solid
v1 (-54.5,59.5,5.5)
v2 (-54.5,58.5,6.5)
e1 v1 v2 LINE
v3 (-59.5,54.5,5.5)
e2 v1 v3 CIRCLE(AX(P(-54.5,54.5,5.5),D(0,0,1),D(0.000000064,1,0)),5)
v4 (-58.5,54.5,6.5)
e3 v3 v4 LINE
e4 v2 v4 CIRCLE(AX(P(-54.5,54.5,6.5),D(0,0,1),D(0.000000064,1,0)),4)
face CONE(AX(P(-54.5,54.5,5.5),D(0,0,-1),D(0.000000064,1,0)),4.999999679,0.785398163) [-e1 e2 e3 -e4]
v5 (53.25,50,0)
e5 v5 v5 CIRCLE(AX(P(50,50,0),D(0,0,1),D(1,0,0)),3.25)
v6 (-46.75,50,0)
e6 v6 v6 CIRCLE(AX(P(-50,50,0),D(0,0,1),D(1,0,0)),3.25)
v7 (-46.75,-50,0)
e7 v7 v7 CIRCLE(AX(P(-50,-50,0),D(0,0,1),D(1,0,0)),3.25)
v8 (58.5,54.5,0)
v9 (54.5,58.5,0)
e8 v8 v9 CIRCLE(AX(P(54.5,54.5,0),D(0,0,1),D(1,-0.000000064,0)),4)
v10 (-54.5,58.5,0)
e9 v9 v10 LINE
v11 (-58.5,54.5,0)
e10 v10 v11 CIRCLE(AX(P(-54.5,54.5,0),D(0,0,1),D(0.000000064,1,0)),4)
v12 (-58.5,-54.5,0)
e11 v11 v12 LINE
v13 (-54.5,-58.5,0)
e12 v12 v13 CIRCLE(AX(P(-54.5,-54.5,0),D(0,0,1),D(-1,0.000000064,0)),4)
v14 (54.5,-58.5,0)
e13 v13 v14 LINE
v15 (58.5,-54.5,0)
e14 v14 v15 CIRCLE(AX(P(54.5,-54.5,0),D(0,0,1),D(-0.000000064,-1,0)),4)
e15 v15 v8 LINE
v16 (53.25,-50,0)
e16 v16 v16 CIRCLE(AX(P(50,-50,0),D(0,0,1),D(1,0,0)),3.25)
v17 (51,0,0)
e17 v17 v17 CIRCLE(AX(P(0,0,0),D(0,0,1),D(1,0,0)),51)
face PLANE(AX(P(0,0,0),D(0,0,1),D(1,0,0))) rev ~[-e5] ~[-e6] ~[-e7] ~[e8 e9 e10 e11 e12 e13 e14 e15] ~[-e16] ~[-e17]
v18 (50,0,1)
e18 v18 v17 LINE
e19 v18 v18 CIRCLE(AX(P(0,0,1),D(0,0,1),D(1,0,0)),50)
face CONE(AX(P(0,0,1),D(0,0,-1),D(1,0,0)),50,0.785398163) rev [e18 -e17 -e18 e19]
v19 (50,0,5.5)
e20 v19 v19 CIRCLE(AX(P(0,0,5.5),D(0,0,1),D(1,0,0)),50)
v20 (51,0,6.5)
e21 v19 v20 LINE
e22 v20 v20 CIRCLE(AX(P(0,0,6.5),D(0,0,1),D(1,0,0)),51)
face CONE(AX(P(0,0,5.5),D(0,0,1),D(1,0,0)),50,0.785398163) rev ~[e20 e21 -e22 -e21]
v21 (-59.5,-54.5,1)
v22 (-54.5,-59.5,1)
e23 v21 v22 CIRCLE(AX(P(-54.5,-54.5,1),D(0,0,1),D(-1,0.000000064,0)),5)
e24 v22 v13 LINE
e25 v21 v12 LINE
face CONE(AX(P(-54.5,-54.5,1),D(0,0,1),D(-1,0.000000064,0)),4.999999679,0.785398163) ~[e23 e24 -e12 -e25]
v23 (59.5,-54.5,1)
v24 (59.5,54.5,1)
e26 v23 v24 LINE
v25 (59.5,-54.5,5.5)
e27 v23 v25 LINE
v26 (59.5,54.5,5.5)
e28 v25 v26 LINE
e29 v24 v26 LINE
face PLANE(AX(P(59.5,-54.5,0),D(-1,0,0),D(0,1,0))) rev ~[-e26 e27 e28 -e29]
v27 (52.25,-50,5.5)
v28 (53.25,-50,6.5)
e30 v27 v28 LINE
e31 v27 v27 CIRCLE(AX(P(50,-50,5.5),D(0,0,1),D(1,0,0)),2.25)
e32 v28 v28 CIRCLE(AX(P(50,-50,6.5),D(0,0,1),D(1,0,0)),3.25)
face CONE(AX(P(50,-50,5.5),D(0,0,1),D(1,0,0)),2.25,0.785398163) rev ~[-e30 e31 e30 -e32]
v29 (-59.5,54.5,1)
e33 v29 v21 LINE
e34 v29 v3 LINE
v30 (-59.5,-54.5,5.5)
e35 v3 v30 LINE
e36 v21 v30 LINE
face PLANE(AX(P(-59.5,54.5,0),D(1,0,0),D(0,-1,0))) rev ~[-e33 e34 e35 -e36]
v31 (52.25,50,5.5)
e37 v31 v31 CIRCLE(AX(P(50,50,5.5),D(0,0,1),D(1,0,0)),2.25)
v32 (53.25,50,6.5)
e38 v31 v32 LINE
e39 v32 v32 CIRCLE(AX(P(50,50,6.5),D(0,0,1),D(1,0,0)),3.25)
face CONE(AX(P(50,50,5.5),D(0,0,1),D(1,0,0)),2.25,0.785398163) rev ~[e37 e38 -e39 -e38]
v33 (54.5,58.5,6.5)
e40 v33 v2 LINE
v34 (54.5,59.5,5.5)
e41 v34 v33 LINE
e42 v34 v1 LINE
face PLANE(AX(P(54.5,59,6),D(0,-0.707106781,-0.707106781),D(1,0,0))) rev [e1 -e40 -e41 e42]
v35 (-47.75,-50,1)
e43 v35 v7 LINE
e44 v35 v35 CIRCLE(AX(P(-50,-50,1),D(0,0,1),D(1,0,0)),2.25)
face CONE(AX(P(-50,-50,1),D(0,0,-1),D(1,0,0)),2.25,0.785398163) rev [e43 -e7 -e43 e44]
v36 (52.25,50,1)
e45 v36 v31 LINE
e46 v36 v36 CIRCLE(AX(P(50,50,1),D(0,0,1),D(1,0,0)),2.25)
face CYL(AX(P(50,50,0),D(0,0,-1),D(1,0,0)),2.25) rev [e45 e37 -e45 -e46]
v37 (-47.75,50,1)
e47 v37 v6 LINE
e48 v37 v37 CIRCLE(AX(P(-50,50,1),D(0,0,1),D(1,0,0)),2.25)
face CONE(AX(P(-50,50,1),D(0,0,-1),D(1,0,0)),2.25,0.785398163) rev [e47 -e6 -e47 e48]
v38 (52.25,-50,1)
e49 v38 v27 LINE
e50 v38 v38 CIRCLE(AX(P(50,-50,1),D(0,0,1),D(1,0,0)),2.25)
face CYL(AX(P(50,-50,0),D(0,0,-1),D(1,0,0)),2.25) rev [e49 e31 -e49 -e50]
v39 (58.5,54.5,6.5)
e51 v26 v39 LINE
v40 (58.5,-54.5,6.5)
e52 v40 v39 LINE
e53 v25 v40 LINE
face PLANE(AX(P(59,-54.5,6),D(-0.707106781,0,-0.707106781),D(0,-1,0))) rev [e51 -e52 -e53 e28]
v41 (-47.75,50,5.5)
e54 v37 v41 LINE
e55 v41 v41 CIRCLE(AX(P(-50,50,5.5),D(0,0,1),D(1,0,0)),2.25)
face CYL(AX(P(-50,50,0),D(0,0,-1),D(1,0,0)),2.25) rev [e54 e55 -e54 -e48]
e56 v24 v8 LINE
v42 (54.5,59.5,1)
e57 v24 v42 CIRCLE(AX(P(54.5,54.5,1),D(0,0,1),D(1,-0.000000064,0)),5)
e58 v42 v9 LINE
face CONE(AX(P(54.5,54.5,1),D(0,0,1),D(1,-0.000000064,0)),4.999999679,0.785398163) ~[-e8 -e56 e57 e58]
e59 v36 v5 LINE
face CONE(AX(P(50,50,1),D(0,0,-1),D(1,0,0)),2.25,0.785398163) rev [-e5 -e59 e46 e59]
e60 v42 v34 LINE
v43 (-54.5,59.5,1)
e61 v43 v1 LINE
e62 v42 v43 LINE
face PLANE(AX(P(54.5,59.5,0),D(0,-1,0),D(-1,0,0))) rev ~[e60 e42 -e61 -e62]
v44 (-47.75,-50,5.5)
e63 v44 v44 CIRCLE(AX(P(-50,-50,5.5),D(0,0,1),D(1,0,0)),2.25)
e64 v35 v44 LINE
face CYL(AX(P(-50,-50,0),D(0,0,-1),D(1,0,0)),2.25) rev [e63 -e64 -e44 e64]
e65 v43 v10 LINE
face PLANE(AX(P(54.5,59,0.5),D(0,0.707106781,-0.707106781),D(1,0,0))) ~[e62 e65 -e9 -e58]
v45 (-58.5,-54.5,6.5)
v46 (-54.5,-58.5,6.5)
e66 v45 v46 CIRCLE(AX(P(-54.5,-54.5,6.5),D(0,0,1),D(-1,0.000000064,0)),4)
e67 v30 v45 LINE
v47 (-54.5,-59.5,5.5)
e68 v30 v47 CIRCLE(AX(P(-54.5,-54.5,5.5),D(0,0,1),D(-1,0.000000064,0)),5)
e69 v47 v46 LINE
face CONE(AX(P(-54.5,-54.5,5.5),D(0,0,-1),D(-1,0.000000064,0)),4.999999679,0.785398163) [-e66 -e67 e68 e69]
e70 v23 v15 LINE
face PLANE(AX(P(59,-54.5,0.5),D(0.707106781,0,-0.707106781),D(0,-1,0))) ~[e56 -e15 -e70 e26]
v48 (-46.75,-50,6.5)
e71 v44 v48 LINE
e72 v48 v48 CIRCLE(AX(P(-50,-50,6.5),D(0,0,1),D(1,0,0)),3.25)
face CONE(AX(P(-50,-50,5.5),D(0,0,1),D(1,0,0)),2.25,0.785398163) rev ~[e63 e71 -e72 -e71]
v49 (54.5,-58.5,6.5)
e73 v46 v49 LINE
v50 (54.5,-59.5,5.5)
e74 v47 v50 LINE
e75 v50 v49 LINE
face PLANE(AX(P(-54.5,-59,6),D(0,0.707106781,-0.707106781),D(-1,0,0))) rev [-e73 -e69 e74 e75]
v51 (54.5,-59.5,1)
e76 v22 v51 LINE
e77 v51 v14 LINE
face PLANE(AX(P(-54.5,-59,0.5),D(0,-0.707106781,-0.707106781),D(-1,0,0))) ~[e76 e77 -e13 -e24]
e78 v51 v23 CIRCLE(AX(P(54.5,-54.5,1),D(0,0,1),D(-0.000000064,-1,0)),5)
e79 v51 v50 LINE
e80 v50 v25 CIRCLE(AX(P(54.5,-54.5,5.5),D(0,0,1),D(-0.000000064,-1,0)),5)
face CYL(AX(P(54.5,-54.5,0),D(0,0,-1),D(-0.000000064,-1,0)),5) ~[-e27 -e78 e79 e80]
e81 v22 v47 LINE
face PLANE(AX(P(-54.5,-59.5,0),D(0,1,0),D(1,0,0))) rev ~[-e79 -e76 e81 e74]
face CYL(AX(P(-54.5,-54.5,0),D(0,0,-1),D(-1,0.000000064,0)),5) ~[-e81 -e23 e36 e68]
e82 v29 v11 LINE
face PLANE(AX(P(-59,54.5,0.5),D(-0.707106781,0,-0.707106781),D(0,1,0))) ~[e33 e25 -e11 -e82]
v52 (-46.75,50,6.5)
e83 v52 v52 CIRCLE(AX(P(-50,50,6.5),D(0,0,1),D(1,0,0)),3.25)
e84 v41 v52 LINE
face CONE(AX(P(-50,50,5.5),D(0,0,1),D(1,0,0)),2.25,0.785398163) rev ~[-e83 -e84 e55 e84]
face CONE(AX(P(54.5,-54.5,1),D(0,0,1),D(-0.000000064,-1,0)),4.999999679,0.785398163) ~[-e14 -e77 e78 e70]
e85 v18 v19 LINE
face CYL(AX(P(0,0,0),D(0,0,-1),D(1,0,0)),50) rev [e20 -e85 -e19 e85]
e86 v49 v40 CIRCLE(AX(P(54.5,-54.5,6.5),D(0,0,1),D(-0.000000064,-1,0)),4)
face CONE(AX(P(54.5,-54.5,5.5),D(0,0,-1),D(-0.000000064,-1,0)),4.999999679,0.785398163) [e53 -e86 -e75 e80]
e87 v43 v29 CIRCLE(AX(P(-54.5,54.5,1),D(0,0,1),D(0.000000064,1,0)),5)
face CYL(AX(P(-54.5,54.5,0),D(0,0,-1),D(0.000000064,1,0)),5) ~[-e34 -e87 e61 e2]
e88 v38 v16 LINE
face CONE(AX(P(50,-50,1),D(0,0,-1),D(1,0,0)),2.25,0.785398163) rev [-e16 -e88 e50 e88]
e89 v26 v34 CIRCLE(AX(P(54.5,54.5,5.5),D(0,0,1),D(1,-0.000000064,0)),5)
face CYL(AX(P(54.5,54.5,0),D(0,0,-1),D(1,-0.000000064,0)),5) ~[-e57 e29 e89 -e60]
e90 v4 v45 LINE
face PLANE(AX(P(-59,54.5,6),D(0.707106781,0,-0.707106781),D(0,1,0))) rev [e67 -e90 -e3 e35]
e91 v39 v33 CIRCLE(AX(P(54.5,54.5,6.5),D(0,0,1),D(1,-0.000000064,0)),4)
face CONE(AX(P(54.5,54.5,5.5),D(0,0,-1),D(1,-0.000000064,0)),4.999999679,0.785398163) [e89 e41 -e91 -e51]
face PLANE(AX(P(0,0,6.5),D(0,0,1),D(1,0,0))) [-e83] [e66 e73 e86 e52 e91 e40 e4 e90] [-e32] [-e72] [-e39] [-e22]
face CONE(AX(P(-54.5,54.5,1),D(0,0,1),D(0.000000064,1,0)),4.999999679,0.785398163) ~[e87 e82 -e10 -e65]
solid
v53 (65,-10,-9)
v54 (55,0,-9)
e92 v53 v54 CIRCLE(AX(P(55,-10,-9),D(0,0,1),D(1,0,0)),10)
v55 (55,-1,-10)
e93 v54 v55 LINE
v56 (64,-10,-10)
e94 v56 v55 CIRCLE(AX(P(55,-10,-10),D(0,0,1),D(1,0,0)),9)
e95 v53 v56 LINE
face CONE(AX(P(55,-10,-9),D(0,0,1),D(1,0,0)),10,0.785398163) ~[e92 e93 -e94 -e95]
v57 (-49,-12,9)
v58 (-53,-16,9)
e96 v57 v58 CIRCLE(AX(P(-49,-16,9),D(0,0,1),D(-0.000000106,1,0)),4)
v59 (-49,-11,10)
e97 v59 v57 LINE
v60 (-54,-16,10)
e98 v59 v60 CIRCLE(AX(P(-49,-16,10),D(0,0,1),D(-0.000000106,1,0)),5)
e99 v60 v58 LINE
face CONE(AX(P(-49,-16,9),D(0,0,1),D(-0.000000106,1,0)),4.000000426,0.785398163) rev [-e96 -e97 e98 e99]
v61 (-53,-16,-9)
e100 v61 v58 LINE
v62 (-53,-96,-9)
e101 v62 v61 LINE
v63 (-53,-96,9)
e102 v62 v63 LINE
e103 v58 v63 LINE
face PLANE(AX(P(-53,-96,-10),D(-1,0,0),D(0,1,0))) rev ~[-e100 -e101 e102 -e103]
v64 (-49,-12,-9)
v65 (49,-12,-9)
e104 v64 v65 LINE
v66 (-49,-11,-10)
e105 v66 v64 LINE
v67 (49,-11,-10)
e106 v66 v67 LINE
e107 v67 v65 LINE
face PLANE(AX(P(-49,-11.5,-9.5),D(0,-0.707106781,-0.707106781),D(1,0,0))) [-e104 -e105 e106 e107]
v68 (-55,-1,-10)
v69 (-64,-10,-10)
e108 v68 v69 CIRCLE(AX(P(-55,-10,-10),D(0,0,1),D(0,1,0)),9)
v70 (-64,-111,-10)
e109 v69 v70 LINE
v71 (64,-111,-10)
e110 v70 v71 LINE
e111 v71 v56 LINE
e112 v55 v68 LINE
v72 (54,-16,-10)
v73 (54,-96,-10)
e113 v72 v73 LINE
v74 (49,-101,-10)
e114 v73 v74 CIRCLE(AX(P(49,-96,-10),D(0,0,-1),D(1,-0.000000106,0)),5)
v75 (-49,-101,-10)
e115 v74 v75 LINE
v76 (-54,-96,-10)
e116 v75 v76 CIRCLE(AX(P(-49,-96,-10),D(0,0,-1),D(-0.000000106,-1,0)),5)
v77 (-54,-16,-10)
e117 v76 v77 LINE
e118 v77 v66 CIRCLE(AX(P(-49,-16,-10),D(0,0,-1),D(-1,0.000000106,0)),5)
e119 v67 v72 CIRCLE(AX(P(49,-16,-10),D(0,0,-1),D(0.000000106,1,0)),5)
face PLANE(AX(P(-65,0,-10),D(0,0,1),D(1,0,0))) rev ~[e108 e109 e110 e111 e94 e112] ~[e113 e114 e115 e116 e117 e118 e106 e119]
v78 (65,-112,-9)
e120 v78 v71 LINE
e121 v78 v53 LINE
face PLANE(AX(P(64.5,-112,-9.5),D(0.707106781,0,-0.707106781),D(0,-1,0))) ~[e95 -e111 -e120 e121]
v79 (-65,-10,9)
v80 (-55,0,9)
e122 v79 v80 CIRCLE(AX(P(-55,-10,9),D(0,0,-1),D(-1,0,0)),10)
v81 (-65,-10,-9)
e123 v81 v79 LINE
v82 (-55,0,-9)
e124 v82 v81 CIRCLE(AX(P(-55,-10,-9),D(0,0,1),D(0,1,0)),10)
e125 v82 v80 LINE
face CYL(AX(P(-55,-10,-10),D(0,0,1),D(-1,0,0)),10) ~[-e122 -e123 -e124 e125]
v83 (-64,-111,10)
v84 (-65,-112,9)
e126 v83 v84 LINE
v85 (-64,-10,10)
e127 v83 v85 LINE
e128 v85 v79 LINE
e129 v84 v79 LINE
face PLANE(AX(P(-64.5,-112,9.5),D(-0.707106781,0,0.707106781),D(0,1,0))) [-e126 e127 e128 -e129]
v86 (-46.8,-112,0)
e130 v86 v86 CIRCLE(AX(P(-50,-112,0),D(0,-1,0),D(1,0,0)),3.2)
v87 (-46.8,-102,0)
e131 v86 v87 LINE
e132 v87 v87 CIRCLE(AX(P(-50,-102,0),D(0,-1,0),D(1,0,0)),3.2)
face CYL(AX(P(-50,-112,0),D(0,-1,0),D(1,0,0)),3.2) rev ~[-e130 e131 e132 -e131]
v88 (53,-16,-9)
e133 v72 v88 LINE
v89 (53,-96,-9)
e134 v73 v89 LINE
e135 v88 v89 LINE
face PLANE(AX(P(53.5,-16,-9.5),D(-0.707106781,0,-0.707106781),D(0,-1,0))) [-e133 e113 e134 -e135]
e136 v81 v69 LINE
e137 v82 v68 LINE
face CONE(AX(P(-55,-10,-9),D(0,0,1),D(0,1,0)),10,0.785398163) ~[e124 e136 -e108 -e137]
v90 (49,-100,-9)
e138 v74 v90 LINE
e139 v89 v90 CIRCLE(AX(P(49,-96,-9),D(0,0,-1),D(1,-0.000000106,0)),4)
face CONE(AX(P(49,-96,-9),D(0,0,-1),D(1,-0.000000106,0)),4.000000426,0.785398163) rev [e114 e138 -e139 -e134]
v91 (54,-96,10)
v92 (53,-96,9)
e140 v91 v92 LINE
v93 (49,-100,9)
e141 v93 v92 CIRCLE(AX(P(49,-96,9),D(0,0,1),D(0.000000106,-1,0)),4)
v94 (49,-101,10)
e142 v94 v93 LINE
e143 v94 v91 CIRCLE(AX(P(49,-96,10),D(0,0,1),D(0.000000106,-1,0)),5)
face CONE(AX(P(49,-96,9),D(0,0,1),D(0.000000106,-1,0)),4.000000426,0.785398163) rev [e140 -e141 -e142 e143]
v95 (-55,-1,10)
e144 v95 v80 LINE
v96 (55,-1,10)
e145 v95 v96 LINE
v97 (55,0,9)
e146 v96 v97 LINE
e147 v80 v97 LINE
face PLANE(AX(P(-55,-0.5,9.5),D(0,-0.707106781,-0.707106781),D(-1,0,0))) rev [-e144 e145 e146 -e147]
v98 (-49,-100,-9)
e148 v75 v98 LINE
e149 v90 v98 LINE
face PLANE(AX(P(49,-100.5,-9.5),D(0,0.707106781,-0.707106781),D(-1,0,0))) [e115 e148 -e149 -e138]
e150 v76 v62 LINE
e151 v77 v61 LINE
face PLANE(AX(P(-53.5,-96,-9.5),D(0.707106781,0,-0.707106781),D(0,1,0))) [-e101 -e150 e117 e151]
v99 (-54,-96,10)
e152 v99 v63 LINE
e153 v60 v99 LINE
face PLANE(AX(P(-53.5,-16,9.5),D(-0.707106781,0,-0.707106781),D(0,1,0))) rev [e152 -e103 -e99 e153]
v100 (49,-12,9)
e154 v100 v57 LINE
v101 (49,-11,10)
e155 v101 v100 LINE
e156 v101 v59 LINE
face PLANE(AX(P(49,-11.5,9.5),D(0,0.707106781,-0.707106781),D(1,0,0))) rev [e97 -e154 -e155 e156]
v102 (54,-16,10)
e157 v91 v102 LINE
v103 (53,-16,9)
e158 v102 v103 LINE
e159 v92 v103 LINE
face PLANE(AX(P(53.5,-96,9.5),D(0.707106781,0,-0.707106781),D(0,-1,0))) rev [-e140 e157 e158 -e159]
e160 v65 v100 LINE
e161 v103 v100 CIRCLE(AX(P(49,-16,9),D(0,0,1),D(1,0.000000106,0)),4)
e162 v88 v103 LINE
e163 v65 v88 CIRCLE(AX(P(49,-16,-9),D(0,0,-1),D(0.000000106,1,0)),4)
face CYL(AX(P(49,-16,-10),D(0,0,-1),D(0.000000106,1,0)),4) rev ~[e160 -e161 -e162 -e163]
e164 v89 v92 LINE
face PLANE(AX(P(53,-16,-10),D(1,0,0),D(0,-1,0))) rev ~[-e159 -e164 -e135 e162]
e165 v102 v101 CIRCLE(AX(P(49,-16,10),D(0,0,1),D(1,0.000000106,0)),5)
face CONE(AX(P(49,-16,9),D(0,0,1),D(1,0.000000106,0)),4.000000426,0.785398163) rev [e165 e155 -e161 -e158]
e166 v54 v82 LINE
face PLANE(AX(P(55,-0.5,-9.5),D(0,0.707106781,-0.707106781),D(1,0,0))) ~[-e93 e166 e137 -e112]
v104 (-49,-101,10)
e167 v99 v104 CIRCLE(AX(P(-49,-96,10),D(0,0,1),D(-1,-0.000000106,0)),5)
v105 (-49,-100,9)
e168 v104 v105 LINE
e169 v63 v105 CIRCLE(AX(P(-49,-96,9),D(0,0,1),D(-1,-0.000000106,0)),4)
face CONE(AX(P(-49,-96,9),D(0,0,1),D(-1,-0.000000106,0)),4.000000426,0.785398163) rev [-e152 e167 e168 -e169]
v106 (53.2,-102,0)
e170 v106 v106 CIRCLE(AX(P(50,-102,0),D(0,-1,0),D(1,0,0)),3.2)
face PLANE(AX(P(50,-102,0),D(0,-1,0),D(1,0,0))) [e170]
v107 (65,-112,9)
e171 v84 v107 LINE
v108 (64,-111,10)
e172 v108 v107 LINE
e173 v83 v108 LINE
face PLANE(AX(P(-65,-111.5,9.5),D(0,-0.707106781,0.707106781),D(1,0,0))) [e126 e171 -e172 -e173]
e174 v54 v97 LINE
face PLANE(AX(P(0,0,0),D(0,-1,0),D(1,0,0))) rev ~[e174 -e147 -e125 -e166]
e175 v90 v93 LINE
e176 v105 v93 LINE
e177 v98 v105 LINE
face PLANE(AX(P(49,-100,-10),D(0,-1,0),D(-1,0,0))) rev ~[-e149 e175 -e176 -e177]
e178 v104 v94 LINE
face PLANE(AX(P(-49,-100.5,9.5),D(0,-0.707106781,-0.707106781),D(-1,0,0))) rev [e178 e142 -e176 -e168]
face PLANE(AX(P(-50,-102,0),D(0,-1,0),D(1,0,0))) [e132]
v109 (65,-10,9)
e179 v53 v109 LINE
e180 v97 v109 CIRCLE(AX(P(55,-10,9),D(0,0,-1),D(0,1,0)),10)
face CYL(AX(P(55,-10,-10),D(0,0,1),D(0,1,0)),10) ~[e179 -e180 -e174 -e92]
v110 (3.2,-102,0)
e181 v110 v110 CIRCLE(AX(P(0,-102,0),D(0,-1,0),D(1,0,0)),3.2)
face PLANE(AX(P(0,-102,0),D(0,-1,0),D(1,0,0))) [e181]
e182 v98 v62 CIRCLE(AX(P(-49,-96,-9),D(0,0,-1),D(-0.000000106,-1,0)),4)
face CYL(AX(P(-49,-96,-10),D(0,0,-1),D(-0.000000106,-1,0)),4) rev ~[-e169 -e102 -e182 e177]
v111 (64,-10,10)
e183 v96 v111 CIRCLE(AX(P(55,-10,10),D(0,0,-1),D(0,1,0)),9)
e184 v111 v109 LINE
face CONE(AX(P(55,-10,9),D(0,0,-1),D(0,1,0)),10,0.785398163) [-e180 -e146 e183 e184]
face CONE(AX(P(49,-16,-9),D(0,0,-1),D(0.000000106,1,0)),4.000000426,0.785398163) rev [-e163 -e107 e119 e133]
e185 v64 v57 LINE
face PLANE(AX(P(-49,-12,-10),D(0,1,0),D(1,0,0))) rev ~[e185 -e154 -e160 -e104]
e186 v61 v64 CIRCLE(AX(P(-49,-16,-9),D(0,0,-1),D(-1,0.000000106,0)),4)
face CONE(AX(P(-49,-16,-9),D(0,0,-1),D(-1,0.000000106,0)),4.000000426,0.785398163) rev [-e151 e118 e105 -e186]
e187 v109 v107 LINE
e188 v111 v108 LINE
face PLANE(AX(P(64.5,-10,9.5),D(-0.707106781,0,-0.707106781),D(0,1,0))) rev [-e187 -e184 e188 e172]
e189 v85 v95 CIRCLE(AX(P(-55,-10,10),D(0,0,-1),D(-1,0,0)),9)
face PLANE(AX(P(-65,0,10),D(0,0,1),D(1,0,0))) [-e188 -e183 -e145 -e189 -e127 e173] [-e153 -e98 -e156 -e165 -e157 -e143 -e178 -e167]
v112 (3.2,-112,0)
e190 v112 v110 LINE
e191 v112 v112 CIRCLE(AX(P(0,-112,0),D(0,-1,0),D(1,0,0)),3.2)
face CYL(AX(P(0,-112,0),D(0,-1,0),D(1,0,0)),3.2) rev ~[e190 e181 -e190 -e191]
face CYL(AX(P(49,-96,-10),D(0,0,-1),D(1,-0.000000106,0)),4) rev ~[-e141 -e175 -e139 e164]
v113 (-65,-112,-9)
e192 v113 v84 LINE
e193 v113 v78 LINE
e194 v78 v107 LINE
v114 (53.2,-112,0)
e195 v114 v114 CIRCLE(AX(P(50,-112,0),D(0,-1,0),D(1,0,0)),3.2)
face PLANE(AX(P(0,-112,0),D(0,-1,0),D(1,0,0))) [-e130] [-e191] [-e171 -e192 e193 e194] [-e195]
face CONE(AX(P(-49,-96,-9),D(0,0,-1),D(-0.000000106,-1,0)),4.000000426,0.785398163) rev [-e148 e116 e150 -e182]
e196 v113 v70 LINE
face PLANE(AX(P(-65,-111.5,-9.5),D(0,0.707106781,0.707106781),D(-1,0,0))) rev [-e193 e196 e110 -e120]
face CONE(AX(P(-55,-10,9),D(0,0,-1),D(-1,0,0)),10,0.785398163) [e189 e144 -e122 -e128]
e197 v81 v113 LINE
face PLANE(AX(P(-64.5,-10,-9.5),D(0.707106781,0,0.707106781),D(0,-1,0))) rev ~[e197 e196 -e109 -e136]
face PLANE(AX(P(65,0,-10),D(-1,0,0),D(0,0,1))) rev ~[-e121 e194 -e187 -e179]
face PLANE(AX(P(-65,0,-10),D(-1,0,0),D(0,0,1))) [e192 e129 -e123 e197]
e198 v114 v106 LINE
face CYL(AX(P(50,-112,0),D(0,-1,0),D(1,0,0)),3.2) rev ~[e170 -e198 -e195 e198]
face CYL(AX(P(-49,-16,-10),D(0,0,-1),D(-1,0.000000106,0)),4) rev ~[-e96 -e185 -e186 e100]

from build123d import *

# Parameters (mm, degrees)
SKETCH_R        = 2.25
SKETCH_R_2      = 50
PAD_DEPTH       = 6.5
CHAMFER_SIZE    = 1
SKETCH005_W     = 130
SKETCH005_H     = 20
PAD001_DEPTH    = 112
SKETCH006_R     = 3.2
POCKET_DEPTH    = 10
POCKET001_DEPTH = 20.001
FILLET_R        = 10
CHAMFER001_SIZE = 1


with BuildPart() as spacer:
    # Sketch → Pad (new body)
    with BuildSketch(Plane.XY):
        with BuildLine():
            Line((-59.5, 54.5), (-59.5, -54.5))
            ThreePointArc((-59.5, -54.5), (-58.035534, -58.035534), (-54.5, -59.5))
            Line((-54.5, -59.5), (54.5, -59.5))
            ThreePointArc((54.5, -59.5), (58.035534, -58.035534), (59.5, -54.5))
            Line((59.5, -54.5), (59.5, 54.5))
            ThreePointArc((59.5, 54.5), (58.035534, 58.035534), (54.5, 59.5))
            Line((54.5, 59.5), (-54.5, 59.5))
            ThreePointArc((-54.5, 59.5), (-58.035534, 58.035534), (-59.5, 54.5))
        make_face()
        with Locations((-50, 50)):
            Circle(SKETCH_R, mode=Mode.SUBTRACT)
        with Locations((50, 50)):
            Circle(SKETCH_R, mode=Mode.SUBTRACT)
        with Locations((50, -50)):
            Circle(SKETCH_R, mode=Mode.SUBTRACT)
        with Locations((-50, -50)):
            Circle(SKETCH_R, mode=Mode.SUBTRACT)
        Circle(SKETCH_R_2, mode=Mode.SUBTRACT)
    extrude(amount=PAD_DEPTH)

    # Chamfer
    chamfer_edges = [spacer.edges().sort_by_distance(p)[0] for p in [
        (-59.5, 0, 6.5),
        (-58.035534, -58.035534, 6.5),
        (0, -59.5, 6.5),
        (58.035534, -58.035534, 6.5),
        (59.5, 0, 6.5),
        (58.035534, 58.035534, 6.5),
        (0, 59.5, 6.5),
        (-58.035534, 58.035534, 6.5),
        (-50, 0, 6.5),
        (-52.25, -50, 6.5),
        (47.75, -50, 6.5),
        (47.75, 50, 6.5),
        (-52.25, 50, 6.5),
        (-59.5, 0, 0),
        (-58.035534, -58.035534, 0),
        (0, -59.5, 0),
        (58.035534, -58.035534, 0),
        (59.5, 0, 0),
        (58.035534, 58.035534, 0),
        (0, 59.5, 0),
        (-58.035534, 58.035534, 0),
        (-50, 0, 0),
        (-52.25, -50, 0),
        (47.75, -50, 0),
        (47.75, 50, 0),
        (-52.25, 50, 0),
    ]]
    chamfer(chamfer_edges, length=CHAMFER_SIZE)


with BuildPart() as riser:
    # Sketch005 → Pad001 (new body)
    with BuildSketch(Plane.XZ):
        Rectangle(SKETCH005_W, SKETCH005_H)
    extrude(amount=PAD001_DEPTH)

    # Sketch006 (on Face6 of Pad001) → Pocket (cut)
    with BuildSketch(Plane.XZ.offset(112)):
        Circle(SKETCH006_R)
        with Locations((50, 0)):
            Circle(SKETCH006_R)
        with Locations((-50, 0)):
            Circle(SKETCH006_R)
    extrude(amount=-POCKET_DEPTH, mode=Mode.SUBTRACT)

    # Sketch007 (on Face3 of Pocket) → Pocket001 (cut, through all)
    with BuildSketch(Plane(origin=(0, 0, -10), x_dir=(1, 0, 0), z_dir=(0, 0, -1))):
        with BuildLine():
            Line((-53, 96), (-53, 16))
            ThreePointArc((-53, 16), (-51.828427, 13.171573), (-49, 12))
            Line((-49, 12), (49, 12))
            ThreePointArc((49, 12), (51.828427, 13.171573), (53, 16))
            Line((53, 16), (53, 96))
            ThreePointArc((53, 96), (51.828427, 98.828427), (49, 100))
            Line((49, 100), (-49, 100))
            ThreePointArc((-49, 100), (-51.828427, 98.828427), (-53, 96))
        make_face()
    extrude(amount=-POCKET001_DEPTH, mode=Mode.SUBTRACT)

    # Fillet
    fillet_edges = [riser.edges().sort_by_distance(p)[0] for p in [
        (-65, 0, 0),
        (65, 0, 0),
    ]]
    fillet(fillet_edges, radius=FILLET_R)

    # Chamfer001
    chamfer001_edges = [riser.edges().sort_by_distance(p)[0] for p in [
        (-65, -61, -10),
        (-62.071068, -2.928932, -10),
        (0, -112, -10),
        (0, 0, -10),
        (65, -61, -10),
        (62.071068, -2.928932, -10),
        (-51.828427, -98.828427, -10),
        (0, -100, -10),
        (51.828427, -98.828427, -10),
        (53, -56, -10),
        (51.828427, -13.171573, -10),
        (0, -12, -10),
        (-51.828427, -13.171573, -10),
        (-53, -56, -10),
        (65, -61, 10),
        (62.071068, -2.928932, 10),
        (0, -112, 10),
        (0, 0, 10),
        (-65, -61, 10),
        (-62.071068, -2.928932, 10),
        (-53, -56, 10),
        (-51.828427, -13.171573, 10),
        (0, -12, 10),
        (51.828427, -13.171573, 10),
        (53, -56, 10),
        (51.828427, -98.828427, 10),
        (0, -100, 10),
        (-51.828427, -98.828427, 10),
    ]]
    chamfer(chamfer001_edges, length=CHAMFER001_SIZE)


solid = Compound([spacer.part, riser.part])
